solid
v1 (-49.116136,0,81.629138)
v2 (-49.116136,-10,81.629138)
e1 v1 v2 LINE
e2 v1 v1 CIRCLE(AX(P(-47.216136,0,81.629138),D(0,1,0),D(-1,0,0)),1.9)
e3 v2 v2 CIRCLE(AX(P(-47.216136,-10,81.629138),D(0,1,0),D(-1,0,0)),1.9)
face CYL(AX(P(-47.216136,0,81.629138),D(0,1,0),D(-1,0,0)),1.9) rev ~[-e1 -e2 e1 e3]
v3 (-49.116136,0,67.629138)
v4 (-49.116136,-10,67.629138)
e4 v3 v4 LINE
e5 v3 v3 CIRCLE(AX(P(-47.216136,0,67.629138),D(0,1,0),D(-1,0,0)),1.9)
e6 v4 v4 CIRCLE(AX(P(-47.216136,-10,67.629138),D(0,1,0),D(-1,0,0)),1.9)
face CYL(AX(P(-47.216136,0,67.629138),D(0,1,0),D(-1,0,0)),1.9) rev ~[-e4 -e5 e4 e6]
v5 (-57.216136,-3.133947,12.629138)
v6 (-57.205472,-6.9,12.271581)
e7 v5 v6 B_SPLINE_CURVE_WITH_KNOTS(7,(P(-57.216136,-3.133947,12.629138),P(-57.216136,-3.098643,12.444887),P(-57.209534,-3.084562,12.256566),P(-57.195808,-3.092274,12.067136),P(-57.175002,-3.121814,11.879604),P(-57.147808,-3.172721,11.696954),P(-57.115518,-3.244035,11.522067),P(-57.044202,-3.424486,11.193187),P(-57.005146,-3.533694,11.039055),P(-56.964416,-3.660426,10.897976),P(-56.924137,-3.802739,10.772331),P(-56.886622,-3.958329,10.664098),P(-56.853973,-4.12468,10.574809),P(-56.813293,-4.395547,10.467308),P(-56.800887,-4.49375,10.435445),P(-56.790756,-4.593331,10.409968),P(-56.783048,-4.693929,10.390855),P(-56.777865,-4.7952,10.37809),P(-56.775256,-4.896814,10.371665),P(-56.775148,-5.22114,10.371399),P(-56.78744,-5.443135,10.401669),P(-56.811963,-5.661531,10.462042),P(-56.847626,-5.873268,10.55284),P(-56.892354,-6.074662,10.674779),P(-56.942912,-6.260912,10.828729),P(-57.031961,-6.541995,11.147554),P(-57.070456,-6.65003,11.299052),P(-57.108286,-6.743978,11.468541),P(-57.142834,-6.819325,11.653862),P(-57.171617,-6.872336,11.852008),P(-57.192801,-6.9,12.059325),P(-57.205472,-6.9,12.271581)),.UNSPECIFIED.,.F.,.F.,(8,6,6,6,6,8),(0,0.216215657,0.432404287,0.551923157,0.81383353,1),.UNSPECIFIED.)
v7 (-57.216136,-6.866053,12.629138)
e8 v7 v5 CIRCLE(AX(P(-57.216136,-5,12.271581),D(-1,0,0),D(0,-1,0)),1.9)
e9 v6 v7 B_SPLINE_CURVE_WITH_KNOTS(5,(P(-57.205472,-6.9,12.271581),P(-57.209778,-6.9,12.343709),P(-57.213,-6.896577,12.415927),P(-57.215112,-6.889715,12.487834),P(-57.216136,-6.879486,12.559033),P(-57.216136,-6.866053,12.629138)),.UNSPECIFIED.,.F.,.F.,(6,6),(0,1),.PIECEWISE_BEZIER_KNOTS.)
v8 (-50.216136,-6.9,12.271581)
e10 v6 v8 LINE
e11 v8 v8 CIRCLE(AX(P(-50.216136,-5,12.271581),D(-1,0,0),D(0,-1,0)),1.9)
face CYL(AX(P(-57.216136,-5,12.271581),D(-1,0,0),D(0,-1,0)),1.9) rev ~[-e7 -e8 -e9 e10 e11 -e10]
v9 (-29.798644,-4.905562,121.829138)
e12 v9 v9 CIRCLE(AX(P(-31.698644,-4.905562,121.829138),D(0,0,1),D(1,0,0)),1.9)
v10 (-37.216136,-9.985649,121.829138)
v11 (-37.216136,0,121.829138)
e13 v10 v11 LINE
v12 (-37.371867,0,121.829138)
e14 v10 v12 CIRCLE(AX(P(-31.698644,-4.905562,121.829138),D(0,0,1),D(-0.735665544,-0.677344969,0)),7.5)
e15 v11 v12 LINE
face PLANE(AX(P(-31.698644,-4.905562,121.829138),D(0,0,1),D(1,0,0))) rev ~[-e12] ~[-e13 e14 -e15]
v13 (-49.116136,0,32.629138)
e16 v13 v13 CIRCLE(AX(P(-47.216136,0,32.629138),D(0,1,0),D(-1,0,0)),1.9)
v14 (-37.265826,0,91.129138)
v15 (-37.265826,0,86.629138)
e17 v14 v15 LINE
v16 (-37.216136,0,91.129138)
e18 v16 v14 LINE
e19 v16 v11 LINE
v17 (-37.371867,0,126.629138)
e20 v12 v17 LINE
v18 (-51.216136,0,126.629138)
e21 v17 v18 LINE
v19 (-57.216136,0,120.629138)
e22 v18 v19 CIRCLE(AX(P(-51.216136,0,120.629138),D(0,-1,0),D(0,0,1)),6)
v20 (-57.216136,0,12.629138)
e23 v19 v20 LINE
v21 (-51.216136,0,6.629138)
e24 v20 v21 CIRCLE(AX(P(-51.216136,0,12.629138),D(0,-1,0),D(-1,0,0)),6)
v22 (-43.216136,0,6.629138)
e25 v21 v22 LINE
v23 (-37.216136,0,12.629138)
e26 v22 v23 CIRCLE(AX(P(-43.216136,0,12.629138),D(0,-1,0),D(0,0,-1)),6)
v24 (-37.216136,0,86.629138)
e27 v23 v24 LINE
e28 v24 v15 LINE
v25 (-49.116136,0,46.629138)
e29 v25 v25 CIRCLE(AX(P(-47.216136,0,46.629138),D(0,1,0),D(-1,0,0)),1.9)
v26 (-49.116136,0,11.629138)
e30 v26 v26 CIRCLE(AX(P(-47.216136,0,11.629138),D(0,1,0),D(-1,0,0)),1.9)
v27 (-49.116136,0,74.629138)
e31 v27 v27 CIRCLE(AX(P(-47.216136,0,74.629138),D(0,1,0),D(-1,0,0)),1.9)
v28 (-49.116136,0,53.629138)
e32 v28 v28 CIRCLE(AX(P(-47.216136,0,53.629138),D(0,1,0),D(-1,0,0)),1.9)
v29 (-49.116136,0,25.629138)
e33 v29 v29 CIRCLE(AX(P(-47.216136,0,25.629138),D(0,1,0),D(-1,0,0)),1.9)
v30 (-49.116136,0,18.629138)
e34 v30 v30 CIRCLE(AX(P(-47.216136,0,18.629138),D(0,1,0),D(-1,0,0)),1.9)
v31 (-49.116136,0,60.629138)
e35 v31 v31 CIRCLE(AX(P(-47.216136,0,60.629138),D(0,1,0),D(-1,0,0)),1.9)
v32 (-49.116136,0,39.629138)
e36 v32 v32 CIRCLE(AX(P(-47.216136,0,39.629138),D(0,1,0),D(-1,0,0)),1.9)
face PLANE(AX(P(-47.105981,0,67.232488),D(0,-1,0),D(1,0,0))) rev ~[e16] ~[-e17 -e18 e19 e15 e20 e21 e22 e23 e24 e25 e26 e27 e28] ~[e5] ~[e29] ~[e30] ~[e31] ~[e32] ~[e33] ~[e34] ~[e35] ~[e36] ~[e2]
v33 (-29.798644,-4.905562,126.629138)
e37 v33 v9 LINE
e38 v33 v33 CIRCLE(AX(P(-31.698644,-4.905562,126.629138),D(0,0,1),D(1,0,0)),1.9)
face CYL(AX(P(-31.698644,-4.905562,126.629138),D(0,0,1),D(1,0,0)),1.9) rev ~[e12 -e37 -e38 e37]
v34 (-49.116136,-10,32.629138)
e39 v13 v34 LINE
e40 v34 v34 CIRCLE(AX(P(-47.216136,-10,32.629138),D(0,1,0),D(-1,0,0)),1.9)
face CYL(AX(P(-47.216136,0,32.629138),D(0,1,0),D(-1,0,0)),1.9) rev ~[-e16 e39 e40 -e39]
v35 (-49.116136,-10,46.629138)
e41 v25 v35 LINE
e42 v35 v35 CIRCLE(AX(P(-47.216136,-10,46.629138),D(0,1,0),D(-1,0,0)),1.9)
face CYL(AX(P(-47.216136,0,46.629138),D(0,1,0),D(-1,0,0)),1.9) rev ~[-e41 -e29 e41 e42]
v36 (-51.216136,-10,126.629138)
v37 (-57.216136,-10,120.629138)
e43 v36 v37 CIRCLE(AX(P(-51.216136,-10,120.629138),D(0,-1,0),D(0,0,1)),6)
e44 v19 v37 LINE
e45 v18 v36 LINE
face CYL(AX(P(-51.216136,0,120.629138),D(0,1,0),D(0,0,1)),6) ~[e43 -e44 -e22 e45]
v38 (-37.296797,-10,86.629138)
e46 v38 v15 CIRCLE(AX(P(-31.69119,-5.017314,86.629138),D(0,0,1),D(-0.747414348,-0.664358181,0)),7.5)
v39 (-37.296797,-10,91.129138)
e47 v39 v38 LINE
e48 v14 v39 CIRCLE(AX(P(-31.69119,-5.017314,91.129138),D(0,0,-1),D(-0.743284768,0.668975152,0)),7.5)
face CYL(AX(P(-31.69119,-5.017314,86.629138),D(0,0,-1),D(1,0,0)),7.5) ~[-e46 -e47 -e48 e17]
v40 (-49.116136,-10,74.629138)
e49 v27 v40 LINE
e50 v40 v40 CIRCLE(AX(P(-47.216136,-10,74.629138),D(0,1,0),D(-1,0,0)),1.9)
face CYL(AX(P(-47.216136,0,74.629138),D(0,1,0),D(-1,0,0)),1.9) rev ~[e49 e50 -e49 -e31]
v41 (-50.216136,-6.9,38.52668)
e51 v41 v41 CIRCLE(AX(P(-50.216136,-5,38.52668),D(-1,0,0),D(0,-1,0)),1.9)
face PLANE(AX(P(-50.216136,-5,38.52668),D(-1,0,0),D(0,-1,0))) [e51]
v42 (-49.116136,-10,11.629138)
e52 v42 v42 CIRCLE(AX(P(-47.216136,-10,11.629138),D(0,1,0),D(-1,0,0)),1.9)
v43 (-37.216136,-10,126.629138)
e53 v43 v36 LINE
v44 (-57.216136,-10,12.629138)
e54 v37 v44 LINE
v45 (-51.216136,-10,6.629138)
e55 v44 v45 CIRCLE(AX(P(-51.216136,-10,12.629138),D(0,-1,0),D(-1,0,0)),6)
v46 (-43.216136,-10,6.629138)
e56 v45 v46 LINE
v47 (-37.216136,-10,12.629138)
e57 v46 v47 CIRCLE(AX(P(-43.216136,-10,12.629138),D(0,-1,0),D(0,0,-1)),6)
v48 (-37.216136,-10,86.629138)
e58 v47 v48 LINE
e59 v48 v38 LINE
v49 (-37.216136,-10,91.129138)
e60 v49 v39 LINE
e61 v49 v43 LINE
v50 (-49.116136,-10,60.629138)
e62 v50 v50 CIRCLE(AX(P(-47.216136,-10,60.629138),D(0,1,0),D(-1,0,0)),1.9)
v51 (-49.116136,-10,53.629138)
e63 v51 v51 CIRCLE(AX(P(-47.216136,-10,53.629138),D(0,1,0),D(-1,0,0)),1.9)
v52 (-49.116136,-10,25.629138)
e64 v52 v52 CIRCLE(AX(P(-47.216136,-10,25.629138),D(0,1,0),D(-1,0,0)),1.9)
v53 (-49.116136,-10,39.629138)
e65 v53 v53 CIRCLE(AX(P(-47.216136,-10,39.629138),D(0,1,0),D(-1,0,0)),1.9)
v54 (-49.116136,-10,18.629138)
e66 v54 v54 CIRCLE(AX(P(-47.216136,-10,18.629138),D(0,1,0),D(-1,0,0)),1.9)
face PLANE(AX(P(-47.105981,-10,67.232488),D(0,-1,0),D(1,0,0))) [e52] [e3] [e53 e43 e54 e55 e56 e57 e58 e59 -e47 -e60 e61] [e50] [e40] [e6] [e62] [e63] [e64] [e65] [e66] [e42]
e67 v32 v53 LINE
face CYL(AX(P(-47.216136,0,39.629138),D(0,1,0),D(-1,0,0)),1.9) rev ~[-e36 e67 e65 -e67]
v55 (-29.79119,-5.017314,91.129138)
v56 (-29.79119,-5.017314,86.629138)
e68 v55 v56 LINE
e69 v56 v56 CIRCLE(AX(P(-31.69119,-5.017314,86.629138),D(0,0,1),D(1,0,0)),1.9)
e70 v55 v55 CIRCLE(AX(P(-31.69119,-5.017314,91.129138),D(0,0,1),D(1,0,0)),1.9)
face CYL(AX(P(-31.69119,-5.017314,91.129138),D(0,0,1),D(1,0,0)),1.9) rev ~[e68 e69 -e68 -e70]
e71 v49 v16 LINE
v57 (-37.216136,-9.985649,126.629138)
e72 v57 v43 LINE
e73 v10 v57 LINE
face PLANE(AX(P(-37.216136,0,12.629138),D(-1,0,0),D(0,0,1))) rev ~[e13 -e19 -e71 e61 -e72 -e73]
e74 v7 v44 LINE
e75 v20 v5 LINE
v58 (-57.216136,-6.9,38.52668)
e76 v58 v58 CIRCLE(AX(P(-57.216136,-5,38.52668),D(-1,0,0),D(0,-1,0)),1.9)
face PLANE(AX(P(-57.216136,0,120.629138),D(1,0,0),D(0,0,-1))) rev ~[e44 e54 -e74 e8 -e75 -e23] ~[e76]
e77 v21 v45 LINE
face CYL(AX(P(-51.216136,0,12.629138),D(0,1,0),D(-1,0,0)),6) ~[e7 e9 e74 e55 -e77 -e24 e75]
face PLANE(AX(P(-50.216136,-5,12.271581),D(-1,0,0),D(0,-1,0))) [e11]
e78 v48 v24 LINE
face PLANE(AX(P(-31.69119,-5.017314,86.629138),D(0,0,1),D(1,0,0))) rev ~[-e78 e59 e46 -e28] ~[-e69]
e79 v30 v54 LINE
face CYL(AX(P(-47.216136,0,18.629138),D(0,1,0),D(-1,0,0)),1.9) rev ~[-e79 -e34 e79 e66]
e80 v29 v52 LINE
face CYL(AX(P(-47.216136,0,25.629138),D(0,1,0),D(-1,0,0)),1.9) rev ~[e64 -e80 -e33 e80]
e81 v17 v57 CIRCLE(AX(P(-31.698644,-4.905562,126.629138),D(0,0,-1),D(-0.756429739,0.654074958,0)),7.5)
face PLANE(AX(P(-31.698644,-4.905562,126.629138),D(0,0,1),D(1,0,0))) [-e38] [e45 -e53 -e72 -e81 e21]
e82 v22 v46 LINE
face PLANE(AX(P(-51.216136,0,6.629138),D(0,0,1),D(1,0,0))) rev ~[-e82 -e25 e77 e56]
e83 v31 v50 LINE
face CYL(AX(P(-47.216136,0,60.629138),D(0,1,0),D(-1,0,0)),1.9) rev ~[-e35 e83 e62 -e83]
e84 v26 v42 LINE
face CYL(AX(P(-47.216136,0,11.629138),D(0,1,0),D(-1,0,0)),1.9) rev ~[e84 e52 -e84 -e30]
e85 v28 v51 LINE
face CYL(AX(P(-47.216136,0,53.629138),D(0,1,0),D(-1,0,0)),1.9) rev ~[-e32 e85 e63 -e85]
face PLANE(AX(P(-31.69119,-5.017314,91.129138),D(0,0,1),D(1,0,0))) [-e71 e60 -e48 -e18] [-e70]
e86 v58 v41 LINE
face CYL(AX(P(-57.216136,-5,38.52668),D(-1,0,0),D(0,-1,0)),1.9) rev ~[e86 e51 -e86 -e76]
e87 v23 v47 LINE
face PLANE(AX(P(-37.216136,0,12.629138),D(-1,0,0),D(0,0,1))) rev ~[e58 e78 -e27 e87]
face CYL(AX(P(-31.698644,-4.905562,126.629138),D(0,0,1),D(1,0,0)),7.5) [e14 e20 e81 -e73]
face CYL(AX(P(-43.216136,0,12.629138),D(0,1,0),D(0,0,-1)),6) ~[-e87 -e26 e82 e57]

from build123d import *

# Parameters (mm, degrees)
F1_DEPTH  = 10
F2_R      = 7.5
F3_DEPTH  = 4.8
F4_R      = 1.9
F5_DEPTH  = 25
F6_R      = 1.9
F7_DEPTH  = 7
F9_R      = 7.5
F10_DEPTH = 4.5
F11_R     = 1.9
F12_DEPTH = 25
F13_R     = 1.9
F14_DEPTH = 25


with BuildPart() as f1:
    # F0 (on Front) → F1 (new body)
    with BuildSketch(Plane.XZ):
        with BuildLine():
            Line((-37.2161355778, 126.6291381083), (-51.2161355778, 126.6291381083))
            ThreePointArc((-51.2161355778, 126.6291381083), (-55.4587762649, 124.8717787955), (-57.2161355778, 120.6291381083))
            Line((-57.2161355778, 120.6291381083), (-57.2161355778, 12.6291381083))
            ThreePointArc((-57.2161355778, 12.6291381083), (-55.4587762649, 8.3864974212), (-51.2161355778, 6.6291381083))
            Line((-51.2161355778, 6.6291381083), (-43.2161355778, 6.6291381083))
            ThreePointArc((-43.2161355778, 6.6291381083), (-38.9734948907, 8.3864974212), (-37.2161355778, 12.6291381083))
            Line((-37.2161355778, 12.6291381083), (-37.2161355778, 126.6291381083))
        make_face()
    extrude(amount=F1_DEPTH)

    # F2 (on face) → F3 (join)
    with BuildSketch(Plane.XY.offset(126.6291381083)):
        with Locations((-31.6986439976, -4.9055621816)):
            Circle(F2_R)
    extrude(amount=-F3_DEPTH)

    # F4 (on face) → F5 (cut)
    with BuildSketch(Plane.XY.offset(126.6291381083)):
        with Locations((-31.6986439976, -4.9055621816)):
            Circle(F4_R)
    extrude(amount=-F5_DEPTH, mode=Mode.SUBTRACT)

    # F6 (on face) → F7 (cut)
    with BuildSketch(Plane(origin=(-57.2161355778, 0, 0), x_dir=(0, -1, 0), z_dir=(-1, 0, 0))):
        with Locations((5, 38.5266803205)):
            Circle(F6_R)
        with Locations((5, 12.2715812176)):
            Circle(F6_R)
    extrude(amount=-F7_DEPTH, mode=Mode.SUBTRACT)

    # F9 (on offset) → F10 (join)
    with BuildSketch(Plane.XY.offset(86.6291381083)):
        with Locations((-31.6911898553, -5.0173136406)):
            Circle(F9_R)
    extrude(amount=F10_DEPTH)

    # F11 (on face) → F12 (cut)
    with BuildSketch(Plane.XY.offset(91.1291381083)):
        with Locations((-31.6911898553, -5.0173136406)):
            Circle(F11_R)
    extrude(amount=-F12_DEPTH, mode=Mode.SUBTRACT)

    # F13 (on face) → F14 (cut)
    with BuildSketch(Plane(origin=(0, 0, 0), x_dir=(-1, 0, 0), z_dir=(0, 1, 0))):
        with Locations((47.2161355778, 81.6291381083)):
            Circle(F13_R)
        with Locations((47.2161355778, 74.6291381083)):
            Circle(F13_R)
        with Locations((47.2161355778, 53.6291381083)):
            Circle(F13_R)
        with Locations((47.2161355778, 67.6291381083)):
            Circle(F13_R)
        with Locations((47.2161355778, 60.6291381083)):
            Circle(F13_R)
        with Locations((47.2161355778, 18.6291381083)):
            Circle(F13_R)
        with Locations((47.2161355778, 25.6291381083)):
            Circle(F13_R)
        with Locations((47.2161355778, 32.6291381083)):
            Circle(F13_R)
        with Locations((47.2161355778, 39.6291381083)):
            Circle(F13_R)
        with Locations((47.2161355778, 46.6291381083)):
            Circle(F13_R)
        with Locations((47.2161355778, 11.6291381083)):
            Circle(F13_R)
    extrude(amount=-F14_DEPTH, mode=Mode.SUBTRACT)


solid = f1.part
